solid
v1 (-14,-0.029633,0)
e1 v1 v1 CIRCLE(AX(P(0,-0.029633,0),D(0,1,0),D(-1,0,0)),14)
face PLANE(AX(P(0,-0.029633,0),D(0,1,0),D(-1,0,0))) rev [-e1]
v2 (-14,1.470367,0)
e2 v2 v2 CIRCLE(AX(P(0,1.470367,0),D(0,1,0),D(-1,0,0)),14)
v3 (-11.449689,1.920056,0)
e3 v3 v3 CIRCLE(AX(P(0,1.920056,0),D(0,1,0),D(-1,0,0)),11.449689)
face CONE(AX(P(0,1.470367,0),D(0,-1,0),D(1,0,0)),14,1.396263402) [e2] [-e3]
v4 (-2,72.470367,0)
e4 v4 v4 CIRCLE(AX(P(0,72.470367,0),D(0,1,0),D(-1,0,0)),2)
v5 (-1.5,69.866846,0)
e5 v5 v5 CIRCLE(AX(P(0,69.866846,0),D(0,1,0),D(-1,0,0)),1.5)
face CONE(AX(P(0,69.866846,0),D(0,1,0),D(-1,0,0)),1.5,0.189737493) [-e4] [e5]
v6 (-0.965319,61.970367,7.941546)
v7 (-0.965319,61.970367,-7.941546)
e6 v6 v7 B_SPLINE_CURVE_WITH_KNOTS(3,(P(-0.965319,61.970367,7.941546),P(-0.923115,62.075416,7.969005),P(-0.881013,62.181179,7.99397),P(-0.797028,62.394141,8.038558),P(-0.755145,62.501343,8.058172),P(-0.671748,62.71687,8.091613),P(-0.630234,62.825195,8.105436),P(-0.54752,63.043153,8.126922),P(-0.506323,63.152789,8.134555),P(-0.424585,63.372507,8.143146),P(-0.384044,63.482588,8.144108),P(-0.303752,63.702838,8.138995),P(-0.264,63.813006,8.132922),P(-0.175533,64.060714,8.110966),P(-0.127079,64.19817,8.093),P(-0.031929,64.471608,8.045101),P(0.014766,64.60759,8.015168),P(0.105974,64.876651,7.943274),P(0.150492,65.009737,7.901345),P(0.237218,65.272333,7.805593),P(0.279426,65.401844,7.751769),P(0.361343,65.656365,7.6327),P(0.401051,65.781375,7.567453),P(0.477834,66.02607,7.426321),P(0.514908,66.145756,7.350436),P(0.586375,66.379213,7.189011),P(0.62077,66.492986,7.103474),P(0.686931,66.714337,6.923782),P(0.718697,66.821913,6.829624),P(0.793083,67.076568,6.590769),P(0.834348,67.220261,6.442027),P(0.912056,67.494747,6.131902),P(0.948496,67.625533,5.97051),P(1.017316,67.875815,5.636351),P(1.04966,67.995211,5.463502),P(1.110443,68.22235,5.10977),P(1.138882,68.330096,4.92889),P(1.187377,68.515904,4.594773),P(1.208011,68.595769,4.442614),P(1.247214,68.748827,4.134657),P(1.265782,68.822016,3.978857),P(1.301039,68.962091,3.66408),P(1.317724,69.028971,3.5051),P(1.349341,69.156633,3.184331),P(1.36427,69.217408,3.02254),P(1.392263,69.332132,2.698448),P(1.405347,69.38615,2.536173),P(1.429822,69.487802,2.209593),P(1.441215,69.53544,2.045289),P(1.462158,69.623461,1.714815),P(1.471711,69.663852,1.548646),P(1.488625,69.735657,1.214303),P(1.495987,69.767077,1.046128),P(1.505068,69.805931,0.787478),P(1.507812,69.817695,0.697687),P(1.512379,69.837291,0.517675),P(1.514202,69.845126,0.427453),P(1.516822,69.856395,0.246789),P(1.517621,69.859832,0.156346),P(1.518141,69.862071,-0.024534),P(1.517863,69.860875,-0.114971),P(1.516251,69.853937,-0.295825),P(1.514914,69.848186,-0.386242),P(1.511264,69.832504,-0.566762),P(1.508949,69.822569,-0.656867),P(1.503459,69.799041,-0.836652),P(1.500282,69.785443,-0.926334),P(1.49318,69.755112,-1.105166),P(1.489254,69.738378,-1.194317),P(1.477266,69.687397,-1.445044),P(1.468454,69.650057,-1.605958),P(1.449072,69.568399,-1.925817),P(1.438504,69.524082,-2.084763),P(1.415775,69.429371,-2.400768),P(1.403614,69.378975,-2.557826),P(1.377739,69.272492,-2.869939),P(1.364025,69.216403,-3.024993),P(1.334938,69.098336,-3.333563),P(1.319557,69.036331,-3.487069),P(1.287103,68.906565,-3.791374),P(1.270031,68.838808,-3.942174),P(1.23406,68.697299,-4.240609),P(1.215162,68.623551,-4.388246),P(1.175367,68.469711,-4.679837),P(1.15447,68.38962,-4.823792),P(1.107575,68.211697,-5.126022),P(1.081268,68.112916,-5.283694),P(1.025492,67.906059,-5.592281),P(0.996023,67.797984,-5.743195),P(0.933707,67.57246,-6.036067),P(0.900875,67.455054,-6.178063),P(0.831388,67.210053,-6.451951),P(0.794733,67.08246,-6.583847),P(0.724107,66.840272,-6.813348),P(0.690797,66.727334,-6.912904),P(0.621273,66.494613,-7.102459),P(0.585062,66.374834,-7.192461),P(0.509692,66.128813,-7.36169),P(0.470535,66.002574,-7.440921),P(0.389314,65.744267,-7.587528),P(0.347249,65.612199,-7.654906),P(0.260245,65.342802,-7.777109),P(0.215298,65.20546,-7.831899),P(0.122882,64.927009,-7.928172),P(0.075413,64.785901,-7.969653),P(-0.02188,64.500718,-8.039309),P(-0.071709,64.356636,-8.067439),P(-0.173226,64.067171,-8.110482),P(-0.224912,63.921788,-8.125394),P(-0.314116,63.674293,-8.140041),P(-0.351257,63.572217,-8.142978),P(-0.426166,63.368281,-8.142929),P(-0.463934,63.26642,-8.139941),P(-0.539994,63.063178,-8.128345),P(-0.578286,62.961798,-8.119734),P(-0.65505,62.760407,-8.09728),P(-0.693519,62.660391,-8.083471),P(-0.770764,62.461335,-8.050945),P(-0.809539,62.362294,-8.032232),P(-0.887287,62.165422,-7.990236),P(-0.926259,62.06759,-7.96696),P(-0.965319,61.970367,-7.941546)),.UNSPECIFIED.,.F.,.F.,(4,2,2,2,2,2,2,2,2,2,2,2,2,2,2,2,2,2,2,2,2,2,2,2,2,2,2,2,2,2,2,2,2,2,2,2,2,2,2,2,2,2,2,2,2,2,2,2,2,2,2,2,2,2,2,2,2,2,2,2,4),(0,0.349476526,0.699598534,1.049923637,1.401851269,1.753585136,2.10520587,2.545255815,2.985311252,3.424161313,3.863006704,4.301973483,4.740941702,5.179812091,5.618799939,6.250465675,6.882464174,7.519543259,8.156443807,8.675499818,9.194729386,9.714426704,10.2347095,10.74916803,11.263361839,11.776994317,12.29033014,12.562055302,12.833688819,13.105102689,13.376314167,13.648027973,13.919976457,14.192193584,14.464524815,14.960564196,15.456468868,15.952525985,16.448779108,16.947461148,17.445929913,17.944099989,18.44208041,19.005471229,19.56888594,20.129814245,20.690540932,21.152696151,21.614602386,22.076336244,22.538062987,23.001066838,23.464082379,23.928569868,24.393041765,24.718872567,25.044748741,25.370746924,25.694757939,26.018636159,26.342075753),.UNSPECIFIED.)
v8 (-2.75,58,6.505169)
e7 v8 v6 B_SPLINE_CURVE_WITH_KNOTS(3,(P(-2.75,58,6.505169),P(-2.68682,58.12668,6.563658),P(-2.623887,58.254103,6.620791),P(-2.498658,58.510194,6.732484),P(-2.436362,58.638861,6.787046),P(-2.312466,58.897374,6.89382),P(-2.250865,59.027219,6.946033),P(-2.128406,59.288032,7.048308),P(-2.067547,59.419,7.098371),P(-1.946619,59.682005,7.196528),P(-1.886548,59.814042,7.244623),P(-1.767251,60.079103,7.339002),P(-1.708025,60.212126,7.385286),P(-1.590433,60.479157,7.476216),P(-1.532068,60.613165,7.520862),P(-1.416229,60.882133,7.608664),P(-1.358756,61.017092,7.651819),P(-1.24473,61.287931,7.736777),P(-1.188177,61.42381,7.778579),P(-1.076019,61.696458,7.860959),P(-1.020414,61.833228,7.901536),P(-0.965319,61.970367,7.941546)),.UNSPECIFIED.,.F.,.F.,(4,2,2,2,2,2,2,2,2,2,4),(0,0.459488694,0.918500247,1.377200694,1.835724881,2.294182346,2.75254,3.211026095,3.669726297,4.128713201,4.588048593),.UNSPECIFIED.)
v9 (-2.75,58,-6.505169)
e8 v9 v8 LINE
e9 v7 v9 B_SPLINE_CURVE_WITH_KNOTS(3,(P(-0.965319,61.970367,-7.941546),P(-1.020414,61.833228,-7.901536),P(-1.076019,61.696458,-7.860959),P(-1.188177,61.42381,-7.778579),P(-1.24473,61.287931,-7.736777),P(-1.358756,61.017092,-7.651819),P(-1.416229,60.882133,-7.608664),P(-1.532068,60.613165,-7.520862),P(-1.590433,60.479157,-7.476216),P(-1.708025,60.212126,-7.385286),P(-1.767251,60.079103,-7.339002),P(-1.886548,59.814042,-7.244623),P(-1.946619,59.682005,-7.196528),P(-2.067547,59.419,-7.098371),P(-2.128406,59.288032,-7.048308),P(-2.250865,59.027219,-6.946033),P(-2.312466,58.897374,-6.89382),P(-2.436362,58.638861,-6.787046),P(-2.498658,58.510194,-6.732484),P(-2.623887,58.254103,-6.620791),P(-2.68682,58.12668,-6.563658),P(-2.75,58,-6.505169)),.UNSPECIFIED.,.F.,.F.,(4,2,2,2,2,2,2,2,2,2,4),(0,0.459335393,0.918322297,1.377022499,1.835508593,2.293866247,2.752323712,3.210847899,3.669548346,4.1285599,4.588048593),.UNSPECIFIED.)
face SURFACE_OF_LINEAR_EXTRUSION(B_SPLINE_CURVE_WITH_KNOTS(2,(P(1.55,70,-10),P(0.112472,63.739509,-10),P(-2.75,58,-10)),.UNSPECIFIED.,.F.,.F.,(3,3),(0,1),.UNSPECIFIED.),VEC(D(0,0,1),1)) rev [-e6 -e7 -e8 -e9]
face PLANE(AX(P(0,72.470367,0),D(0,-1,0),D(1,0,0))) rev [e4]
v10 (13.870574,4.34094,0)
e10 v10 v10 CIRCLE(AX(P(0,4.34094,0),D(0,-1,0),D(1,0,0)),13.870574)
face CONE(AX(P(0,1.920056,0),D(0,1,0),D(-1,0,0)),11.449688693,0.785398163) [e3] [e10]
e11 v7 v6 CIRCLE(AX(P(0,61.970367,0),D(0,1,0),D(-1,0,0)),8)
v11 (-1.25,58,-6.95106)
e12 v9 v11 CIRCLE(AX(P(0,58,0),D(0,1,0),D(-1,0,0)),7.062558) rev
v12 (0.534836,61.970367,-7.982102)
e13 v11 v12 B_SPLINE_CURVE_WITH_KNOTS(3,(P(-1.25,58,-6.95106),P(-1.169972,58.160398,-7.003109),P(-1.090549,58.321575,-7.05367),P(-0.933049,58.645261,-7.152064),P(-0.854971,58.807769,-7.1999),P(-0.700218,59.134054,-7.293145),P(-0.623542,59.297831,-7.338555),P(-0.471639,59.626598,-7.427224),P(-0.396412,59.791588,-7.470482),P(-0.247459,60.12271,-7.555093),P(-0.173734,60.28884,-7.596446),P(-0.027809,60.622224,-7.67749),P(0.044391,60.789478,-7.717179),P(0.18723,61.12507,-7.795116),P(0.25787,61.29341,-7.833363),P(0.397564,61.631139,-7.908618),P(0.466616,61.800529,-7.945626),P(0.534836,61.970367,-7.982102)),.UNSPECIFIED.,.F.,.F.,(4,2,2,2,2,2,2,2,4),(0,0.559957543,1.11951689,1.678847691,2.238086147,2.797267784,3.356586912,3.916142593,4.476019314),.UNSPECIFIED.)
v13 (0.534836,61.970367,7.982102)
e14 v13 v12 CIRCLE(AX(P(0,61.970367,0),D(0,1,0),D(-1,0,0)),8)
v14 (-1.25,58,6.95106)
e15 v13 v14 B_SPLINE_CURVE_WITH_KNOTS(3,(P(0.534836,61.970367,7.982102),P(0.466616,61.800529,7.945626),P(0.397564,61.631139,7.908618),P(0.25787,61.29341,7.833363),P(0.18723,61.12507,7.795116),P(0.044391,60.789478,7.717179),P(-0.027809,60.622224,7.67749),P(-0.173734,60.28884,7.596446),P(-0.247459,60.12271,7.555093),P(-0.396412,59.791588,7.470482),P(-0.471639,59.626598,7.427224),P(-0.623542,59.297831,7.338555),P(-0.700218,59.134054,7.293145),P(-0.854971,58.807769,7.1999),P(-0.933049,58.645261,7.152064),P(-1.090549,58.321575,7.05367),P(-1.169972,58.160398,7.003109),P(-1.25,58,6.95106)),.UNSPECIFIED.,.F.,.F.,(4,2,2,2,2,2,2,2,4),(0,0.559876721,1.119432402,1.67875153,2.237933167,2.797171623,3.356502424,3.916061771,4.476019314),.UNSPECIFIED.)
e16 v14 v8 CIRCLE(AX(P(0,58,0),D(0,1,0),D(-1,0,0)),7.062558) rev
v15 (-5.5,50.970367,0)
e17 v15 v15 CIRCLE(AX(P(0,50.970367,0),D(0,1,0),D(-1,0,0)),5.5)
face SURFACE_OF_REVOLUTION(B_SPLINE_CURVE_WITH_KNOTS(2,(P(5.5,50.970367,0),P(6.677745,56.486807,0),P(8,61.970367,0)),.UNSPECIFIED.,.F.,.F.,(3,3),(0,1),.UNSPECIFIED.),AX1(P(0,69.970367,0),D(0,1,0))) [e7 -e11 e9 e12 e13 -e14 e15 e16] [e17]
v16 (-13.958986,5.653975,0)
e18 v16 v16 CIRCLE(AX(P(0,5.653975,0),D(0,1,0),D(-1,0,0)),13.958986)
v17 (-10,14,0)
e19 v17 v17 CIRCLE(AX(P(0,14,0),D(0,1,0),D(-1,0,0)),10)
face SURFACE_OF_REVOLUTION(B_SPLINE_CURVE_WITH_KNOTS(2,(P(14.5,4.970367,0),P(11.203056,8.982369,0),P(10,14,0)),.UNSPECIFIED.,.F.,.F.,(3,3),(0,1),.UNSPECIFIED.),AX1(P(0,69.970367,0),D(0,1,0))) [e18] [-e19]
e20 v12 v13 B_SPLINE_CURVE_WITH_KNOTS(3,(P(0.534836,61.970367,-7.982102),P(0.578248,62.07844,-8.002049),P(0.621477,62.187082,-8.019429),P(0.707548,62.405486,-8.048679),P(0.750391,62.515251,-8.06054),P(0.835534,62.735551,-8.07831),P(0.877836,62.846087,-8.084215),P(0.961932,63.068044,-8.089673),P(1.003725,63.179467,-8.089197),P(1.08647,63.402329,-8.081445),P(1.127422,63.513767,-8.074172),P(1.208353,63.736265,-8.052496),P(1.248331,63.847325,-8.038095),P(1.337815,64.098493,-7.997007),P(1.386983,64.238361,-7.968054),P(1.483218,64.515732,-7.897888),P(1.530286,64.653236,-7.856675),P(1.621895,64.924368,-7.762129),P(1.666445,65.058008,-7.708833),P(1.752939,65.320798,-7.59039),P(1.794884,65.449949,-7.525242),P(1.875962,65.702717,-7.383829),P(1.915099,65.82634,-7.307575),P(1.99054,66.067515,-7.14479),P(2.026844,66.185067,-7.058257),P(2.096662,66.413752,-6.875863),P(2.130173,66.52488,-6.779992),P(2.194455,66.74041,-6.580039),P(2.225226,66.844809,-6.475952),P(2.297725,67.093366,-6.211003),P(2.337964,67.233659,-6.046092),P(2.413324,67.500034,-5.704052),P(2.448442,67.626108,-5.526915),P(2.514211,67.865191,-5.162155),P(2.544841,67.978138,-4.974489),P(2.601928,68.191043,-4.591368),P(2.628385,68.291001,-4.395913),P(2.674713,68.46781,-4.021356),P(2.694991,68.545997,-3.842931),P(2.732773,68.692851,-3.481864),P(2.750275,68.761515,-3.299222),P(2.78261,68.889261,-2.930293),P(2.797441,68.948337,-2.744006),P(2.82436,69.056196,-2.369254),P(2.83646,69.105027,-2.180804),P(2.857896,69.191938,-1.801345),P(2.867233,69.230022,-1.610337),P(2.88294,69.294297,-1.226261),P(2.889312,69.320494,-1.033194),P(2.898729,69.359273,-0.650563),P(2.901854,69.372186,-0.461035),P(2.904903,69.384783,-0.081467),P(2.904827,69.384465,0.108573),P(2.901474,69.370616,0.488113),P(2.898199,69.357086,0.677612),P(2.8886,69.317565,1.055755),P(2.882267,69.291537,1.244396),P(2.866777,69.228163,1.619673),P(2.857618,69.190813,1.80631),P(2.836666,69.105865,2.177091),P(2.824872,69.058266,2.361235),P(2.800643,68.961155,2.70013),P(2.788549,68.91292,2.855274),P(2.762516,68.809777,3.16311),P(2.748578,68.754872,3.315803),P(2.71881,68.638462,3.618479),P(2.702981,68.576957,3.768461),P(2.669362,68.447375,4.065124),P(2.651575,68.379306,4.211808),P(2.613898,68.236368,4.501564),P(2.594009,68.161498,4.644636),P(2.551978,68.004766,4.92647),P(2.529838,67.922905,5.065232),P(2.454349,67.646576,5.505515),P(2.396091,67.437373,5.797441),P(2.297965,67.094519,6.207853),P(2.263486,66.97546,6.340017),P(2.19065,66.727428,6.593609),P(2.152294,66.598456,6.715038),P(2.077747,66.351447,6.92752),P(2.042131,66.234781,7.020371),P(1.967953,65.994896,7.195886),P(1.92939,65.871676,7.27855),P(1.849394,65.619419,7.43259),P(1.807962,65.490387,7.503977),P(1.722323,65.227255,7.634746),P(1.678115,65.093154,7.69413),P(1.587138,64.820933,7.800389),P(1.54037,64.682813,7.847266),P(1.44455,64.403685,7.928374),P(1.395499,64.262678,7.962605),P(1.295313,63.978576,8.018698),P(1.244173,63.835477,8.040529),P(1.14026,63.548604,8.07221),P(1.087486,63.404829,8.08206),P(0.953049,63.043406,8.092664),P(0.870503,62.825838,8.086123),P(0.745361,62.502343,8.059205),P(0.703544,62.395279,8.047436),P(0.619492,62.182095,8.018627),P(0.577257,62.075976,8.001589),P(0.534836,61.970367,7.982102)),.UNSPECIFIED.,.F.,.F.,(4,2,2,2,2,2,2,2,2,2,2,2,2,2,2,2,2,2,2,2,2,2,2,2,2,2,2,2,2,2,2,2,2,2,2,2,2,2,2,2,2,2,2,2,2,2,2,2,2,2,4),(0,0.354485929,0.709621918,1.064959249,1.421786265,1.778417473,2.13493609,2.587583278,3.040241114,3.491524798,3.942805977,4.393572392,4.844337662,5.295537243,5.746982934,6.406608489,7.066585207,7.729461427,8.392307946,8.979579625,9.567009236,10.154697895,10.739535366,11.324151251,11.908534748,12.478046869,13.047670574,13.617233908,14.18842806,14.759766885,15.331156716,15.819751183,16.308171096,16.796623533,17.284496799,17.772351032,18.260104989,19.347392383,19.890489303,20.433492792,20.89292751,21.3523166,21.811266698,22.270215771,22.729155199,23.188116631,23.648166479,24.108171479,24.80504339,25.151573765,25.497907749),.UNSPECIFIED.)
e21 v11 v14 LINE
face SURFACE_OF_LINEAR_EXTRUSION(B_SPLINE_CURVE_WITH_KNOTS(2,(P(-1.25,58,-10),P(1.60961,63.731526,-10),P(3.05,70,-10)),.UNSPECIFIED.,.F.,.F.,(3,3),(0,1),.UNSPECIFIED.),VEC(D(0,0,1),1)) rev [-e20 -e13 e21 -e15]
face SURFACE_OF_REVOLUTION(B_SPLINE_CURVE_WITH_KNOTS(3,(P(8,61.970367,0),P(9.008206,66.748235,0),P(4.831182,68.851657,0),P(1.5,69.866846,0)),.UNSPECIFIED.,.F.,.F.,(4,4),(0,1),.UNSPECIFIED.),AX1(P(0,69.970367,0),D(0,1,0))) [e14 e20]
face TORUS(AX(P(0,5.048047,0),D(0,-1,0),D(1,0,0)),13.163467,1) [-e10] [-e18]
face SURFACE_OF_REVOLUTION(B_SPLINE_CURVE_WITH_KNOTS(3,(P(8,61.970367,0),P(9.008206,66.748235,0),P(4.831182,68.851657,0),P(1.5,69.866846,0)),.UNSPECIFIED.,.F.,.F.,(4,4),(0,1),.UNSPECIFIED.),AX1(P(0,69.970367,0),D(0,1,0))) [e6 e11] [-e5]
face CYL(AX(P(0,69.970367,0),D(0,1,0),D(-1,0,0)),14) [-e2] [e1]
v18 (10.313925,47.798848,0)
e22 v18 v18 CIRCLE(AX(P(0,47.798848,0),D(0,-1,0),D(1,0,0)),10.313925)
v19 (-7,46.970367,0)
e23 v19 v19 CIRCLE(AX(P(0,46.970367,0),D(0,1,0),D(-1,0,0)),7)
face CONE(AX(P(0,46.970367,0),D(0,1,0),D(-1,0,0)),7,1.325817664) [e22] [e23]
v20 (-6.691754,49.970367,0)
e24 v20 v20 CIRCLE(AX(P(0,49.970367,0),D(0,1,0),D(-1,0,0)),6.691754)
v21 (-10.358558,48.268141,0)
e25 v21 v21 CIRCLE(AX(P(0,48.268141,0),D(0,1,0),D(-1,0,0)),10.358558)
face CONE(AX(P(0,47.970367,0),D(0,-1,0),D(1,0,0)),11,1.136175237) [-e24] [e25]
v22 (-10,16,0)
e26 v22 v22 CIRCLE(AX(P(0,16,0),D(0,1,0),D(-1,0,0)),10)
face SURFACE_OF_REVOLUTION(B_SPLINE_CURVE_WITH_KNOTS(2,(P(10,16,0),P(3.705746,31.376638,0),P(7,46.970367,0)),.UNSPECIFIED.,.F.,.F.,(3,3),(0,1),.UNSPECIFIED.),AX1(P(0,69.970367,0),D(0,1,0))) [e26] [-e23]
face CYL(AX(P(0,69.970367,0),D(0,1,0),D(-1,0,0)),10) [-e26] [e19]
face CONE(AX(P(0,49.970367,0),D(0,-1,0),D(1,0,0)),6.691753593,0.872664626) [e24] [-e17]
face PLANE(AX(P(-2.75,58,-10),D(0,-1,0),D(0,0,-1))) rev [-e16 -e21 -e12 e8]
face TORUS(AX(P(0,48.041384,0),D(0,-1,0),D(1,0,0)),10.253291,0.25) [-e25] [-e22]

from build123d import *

# Parameters (mm, degrees)
FILLET1_R          = 1
FILLET2_R          = 0.25
CUT_EXTRUDE1_DEPTH = 10


with BuildPart() as part:
    # Sketch2 → Revolve1 (revolve)
    with BuildSketch(Plane.XY, mode=Mode.PRIVATE) as revolve1_sk:
        with BuildLine():
            Line((0, -0.029632723), (14, -0.029632723))
            Line((14, -0.029632723), (14, 1.470367277))
            Line((14, 1.470367277), (11.449688693, 1.92005597))
            Line((11.449688693, 1.92005597), (14.5, 4.970367277))
            add(Edge.make_bspline(
                [(10, 13.999999824), (11.203056443, 8.982368861), (14.5, 4.970367277)],
                knots=[0, 0, 0, 1, 1, 1], degree=2))
            Line((10, 13.999999824), (10, 15.999999824))
            add(Edge.make_bspline(
                [(7, 46.970367277), (3.705746011, 31.376638376), (10, 15.999999824)],
                knots=[0, 0, 0, 1, 1, 1], degree=2))
            Line((7, 46.970367277), (11, 47.970367277))
            Line((11, 47.970367277), (6.691753593, 49.970367277))
            Line((6.691753593, 49.970367277), (5.5, 50.970367277))
            add(Edge.make_bspline(
                [(8, 61.970367277), (6.677745683, 56.486806933), (5.5, 50.970367277)],
                knots=[0, 0, 0, 1, 1, 1], degree=2))
            add(Edge.make_bspline(
                [(1.5, 69.866846509), (4.831181311, 68.851657083), (9.008205592, 66.74823561), (8, 61.970367277)],
                knots=[0, 0, 0, 0, 1, 1, 1, 1], degree=3))
            Line((1.5, 69.866846509), (2, 72.470367277))
            Line((2, 72.470367277), (0, 72.470367277))
            Line((0, 72.470367277), (0, 69.970367277))
            Line((0, 69.970367277), (0, -0.029632723))
        make_face()
    revolve(revolve1_sk.sketch.rotate(Axis((0, 69.970367277, 0), (0, -1, 0)), 180), axis=Axis((0, 69.970367277, 0), (0, -1, 0)))

    # Fillet1
    fillet1_edges = [part.edges().sort_by_distance(p)[0] for p in [
        (14.5, 4.970367277, 0),
    ]]
    fillet(fillet1_edges, radius=FILLET1_R)

    # Fillet2
    fillet2_edges = [part.edges().sort_by_distance(p)[0] for p in [
        (11, 47.970367277, 0),
    ]]
    fillet(fillet2_edges, radius=FILLET2_R)

    # Sketch5 → Cut-Extrude1 (cut, symmetric)
    with BuildSketch(Plane.XY):
        with BuildLine():
            Line((-2.75, 58), (-1.25, 58))
            add(Edge.make_bspline(
                [(3.05, 70), (1.609610391, 63.731525981), (-1.25, 58)],
                knots=[0, 0, 0, 1, 1, 1], degree=2))
            Line((3.05, 70), (1.55, 70))
            add(Edge.make_bspline(
                [(1.55, 70), (0.112471845, 63.739508889), (-2.75, 58)],
                knots=[0, 0, 0, 1, 1, 1], degree=2))
        make_face()
    extrude(amount=CUT_EXTRUDE1_DEPTH, both=True, mode=Mode.SUBTRACT)


solid = part.part
